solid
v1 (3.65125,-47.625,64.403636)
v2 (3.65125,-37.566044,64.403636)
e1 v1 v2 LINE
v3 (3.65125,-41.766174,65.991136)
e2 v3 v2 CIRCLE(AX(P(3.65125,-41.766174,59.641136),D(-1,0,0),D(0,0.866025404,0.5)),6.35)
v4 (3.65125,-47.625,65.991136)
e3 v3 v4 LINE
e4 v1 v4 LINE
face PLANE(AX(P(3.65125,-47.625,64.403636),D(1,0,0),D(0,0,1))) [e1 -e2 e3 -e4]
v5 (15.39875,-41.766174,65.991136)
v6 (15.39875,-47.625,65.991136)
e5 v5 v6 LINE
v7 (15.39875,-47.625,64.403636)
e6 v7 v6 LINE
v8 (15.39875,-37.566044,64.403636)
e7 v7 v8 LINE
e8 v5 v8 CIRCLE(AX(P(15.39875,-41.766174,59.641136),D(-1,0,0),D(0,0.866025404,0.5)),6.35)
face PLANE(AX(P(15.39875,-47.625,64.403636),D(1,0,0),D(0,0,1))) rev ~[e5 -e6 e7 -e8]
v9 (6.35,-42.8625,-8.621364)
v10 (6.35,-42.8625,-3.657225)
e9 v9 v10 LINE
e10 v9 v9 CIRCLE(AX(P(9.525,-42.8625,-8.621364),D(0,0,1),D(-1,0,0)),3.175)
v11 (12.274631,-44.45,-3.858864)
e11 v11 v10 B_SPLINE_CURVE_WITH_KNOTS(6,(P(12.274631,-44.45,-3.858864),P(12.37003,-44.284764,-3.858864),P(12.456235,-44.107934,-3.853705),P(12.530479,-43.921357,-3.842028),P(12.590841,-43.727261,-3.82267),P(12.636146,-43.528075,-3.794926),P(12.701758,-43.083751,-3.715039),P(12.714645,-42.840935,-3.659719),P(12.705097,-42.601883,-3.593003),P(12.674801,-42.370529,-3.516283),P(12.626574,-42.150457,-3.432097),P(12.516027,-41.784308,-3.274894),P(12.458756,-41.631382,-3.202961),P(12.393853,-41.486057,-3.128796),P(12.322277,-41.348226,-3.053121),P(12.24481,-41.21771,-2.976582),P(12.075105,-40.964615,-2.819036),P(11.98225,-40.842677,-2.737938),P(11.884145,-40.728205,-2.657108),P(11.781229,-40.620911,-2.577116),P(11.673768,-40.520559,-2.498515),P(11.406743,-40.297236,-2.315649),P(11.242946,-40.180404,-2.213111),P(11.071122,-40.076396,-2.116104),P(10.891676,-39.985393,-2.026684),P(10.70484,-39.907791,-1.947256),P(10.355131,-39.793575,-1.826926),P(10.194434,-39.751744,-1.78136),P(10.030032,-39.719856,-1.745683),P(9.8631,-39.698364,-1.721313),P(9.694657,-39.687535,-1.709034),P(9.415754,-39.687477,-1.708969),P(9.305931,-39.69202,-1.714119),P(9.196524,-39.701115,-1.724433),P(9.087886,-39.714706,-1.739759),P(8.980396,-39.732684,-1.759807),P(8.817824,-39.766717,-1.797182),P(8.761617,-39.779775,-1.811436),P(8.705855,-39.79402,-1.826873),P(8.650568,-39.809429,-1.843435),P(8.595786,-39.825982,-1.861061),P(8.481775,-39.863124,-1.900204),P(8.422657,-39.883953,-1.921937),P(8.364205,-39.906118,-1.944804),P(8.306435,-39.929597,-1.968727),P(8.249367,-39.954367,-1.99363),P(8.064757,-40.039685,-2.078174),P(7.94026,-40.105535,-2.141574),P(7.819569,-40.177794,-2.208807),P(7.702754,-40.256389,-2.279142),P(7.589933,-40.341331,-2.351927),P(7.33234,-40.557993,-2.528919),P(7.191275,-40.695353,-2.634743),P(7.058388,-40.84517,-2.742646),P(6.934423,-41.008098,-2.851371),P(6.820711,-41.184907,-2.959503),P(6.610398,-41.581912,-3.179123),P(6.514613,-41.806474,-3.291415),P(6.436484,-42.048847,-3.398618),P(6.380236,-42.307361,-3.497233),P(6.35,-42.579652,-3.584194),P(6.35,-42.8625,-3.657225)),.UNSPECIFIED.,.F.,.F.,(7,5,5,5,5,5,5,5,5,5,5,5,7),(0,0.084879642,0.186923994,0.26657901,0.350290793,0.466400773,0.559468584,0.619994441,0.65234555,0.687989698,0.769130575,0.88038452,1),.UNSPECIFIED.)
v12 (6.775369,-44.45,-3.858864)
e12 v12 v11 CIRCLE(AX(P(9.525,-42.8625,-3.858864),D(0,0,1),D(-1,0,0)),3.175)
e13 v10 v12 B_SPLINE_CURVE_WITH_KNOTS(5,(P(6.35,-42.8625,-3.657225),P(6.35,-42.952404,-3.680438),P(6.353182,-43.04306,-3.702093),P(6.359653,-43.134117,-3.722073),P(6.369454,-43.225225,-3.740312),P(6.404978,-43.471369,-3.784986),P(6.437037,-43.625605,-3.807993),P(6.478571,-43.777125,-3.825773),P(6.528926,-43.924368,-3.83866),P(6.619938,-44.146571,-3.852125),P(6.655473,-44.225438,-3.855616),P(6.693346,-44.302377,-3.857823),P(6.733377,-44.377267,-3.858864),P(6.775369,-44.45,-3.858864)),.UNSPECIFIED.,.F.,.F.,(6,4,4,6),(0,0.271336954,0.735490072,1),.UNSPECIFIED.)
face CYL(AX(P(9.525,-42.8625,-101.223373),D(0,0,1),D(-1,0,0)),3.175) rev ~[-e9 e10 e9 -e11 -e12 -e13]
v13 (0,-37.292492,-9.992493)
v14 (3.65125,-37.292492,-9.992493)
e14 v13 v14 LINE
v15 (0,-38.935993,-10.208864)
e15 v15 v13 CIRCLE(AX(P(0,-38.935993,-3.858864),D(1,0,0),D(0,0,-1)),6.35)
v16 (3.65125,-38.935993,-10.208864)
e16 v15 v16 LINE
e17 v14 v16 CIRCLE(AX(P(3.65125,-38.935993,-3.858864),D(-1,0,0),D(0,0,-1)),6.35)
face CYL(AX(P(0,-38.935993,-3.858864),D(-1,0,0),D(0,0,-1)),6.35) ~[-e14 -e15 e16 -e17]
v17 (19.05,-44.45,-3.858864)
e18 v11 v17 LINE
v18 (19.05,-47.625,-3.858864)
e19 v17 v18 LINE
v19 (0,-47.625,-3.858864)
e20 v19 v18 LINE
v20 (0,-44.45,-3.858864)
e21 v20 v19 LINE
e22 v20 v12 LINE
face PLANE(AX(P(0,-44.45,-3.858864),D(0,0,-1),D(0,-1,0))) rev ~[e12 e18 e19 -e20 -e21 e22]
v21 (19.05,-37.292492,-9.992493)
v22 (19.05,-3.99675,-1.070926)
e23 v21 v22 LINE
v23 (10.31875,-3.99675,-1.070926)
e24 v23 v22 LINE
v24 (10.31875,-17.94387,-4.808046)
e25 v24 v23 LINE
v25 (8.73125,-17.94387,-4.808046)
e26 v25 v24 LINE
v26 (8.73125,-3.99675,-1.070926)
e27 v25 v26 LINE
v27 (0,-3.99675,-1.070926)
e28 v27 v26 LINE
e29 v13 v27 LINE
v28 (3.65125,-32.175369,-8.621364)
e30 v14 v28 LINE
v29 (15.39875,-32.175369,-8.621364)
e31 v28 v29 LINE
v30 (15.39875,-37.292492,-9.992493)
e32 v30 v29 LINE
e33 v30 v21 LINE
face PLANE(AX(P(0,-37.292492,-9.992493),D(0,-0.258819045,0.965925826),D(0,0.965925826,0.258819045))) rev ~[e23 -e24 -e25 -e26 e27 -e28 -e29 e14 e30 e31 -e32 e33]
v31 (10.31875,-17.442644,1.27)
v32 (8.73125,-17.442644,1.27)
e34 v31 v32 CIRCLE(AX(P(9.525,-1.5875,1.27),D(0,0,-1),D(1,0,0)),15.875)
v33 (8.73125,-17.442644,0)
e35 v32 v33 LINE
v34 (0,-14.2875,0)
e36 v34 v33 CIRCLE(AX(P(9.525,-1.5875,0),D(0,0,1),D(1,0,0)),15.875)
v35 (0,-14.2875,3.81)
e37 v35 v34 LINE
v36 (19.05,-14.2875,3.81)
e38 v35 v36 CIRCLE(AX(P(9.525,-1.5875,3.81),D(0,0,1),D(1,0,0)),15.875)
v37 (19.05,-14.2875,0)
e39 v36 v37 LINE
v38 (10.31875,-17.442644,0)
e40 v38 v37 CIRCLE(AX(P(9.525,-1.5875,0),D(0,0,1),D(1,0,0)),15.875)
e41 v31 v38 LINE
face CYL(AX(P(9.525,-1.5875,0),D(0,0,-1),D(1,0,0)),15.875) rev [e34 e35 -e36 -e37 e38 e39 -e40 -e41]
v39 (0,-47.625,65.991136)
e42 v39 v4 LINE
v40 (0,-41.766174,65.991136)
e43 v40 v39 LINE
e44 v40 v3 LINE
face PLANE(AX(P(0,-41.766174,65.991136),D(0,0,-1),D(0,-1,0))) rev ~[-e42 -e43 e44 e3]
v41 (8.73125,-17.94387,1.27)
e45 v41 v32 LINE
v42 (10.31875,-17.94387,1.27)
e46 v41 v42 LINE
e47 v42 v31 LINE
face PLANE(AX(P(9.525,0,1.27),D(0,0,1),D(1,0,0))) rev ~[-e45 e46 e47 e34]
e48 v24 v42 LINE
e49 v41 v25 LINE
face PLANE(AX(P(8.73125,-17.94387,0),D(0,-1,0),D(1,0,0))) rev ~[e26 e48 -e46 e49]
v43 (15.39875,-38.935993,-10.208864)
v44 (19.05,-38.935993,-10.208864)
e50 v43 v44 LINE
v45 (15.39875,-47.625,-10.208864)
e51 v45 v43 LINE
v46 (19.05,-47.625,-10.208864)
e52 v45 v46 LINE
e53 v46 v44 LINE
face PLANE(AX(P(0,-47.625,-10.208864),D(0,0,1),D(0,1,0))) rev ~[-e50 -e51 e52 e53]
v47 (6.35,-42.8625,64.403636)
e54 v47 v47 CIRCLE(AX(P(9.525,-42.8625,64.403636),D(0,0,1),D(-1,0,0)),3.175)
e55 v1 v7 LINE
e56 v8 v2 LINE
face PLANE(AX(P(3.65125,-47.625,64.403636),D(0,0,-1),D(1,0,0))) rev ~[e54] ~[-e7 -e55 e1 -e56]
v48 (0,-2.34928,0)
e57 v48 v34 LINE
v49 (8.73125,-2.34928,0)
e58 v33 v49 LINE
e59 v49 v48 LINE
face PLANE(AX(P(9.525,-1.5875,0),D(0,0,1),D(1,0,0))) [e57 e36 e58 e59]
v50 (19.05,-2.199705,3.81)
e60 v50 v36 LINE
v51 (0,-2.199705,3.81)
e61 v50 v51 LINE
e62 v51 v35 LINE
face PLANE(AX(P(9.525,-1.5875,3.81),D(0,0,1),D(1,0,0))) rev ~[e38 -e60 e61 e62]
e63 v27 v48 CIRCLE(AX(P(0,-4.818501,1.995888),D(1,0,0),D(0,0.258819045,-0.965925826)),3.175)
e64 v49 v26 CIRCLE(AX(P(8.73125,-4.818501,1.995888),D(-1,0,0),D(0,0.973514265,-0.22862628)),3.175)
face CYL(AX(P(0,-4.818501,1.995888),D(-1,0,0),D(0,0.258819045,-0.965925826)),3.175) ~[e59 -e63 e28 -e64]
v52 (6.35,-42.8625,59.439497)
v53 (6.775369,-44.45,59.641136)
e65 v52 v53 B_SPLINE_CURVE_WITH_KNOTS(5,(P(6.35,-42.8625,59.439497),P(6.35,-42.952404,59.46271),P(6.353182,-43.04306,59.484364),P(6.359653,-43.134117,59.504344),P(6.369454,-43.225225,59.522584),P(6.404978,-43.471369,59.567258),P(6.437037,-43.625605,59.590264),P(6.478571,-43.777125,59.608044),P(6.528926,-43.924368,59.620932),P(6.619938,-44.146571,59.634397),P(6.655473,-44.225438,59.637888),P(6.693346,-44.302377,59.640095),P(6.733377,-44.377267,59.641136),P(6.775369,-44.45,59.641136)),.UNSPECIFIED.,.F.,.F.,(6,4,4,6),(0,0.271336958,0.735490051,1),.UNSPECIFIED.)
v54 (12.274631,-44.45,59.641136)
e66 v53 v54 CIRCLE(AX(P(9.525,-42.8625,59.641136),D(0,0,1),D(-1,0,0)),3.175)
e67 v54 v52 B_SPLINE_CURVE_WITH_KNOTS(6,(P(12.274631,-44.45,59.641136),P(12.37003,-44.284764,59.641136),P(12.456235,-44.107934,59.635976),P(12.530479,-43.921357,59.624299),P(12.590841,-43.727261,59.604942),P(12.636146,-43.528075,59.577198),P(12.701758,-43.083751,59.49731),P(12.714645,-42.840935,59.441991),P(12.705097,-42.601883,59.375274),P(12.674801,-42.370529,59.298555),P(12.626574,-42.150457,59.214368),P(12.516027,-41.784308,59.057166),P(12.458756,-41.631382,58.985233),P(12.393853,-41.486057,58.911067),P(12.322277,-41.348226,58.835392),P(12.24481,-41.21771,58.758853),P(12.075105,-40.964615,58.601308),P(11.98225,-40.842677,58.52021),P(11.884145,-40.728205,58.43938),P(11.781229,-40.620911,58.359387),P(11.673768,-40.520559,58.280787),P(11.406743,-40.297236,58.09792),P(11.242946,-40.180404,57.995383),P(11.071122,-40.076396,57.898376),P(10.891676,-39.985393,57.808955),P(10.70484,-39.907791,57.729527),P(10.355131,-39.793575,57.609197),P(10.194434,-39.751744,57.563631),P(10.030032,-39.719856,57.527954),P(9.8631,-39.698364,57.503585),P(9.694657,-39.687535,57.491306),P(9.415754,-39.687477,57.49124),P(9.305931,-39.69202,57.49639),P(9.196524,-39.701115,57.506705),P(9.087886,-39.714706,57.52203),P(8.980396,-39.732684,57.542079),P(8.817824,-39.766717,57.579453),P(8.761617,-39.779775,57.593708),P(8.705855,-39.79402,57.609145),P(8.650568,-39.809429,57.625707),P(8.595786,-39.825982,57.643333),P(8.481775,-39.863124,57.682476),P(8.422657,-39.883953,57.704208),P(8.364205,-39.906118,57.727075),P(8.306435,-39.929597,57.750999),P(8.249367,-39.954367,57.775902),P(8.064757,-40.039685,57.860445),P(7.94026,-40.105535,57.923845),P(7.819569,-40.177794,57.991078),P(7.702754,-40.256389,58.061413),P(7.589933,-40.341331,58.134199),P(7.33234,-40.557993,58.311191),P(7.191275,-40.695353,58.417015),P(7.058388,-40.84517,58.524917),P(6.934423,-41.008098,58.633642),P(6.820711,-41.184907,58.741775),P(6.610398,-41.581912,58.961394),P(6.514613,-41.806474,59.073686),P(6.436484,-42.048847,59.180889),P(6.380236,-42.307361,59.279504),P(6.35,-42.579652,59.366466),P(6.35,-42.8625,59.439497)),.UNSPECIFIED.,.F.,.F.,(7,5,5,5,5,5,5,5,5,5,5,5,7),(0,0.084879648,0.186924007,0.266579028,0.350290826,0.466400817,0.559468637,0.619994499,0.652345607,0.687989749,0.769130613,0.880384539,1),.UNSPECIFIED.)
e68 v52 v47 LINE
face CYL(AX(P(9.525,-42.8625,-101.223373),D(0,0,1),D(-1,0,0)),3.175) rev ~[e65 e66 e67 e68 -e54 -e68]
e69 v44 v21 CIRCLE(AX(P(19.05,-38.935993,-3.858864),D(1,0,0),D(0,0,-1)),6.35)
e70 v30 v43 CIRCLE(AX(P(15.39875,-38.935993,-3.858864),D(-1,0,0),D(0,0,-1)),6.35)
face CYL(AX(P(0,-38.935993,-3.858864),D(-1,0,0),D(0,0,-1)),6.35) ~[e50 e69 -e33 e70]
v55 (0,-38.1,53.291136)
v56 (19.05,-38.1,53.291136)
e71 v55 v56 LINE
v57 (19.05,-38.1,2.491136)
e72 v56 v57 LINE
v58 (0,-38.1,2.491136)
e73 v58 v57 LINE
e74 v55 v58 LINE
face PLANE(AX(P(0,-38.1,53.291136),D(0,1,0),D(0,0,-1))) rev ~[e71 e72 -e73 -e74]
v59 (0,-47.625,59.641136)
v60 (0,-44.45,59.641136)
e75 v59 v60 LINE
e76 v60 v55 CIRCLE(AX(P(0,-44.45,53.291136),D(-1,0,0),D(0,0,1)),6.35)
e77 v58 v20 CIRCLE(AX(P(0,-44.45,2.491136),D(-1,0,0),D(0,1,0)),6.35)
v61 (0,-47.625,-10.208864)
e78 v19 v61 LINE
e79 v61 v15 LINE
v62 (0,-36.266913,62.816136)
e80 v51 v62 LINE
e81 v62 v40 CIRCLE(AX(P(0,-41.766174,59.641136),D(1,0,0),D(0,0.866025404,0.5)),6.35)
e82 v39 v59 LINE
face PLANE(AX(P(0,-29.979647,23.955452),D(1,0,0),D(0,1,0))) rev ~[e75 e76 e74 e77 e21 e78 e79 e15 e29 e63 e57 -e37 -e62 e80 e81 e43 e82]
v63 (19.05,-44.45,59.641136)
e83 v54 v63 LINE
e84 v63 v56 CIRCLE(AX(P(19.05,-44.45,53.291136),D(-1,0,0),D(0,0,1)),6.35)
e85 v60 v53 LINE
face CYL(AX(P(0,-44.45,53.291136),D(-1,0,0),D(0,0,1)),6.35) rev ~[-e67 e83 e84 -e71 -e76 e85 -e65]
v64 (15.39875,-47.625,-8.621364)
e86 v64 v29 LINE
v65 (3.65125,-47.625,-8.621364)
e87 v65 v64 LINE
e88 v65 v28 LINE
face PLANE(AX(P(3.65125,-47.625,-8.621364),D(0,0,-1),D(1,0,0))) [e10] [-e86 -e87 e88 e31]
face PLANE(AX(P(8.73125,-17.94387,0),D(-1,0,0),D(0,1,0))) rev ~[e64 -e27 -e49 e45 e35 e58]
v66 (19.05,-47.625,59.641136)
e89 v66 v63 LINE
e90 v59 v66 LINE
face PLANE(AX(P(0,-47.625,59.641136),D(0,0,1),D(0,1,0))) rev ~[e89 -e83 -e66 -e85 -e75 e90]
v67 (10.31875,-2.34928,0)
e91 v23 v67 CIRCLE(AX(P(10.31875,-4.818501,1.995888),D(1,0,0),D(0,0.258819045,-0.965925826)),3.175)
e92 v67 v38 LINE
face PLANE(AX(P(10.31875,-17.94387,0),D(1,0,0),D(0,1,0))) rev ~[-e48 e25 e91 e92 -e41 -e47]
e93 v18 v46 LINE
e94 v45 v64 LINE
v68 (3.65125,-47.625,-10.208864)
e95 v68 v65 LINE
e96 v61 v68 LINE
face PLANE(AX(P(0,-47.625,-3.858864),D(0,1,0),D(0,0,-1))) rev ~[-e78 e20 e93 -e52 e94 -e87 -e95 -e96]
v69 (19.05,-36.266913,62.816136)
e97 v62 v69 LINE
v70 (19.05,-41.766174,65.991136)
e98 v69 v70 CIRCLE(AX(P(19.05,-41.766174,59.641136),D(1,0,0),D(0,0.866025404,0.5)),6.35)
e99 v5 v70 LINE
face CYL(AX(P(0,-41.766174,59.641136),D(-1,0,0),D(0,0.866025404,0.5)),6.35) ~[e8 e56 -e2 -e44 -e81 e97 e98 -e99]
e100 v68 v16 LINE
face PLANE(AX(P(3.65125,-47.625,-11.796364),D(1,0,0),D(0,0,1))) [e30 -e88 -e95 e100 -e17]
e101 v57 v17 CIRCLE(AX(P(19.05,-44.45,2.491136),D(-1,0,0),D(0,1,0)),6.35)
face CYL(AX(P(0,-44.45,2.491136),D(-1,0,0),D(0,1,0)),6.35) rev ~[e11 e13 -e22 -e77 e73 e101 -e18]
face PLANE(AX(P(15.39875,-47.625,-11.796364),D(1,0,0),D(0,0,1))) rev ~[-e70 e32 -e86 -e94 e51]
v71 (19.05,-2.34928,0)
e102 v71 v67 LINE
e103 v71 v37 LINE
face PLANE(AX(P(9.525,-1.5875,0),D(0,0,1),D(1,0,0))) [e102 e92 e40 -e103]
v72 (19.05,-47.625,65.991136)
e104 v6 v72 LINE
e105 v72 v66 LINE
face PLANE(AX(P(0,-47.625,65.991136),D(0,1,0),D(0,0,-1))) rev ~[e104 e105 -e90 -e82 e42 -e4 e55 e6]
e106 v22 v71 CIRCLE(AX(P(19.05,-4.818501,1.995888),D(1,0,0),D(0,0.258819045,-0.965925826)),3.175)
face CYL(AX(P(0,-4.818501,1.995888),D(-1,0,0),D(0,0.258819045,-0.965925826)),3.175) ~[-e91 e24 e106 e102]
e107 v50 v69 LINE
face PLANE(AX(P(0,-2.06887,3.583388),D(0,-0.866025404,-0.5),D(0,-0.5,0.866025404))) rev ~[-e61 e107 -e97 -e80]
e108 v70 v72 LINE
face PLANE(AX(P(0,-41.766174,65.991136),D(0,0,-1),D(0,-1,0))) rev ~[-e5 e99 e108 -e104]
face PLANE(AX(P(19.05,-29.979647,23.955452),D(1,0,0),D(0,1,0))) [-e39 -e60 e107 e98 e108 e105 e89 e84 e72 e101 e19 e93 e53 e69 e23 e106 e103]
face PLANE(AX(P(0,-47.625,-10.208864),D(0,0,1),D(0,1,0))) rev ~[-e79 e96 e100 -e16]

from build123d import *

# Parameters (mm, degrees)
F1_DEPTH      = 19.05
F3_D          = 6.35
F4_W          = 1.5875
F4_H          = 35.8877405588
F5_DEPTH      = 25.4
F5_DEPTH_BACK = 1.27
F6_R          = 15.875
F7_DEPTH      = 3.81
F8_W          = 11.7475
F8_H          = 3.175
F9_DEPTH      = 25.4
F10_W         = 11.7475
F10_H         = 3.175
F11_DEPTH     = 25.4


with BuildPart() as f1:
    # F0 (on Right) → F1 (new body)
    with BuildSketch(Plane.YZ):
        with BuildLine():
            ThreePointArc((-3.9967504682, -1.0709260603), (-1.8851834207, 0.7808685404), (-2.0688702794, 3.5833884382))
            Line((-2.0688702794, 3.5833884382), (-36.2669128953, 62.8161357684))
            ThreePointArc((-36.2669128953, 62.8161357684), (-38.5911742094, 65.1403970824), (-41.7661742094, 65.9911357684))
            Line((-41.7661742094, 65.9911357684), (-47.625, 65.9911357684))
            Line((-47.625, 65.9911357684), (-47.625, 59.6411357684))
            Line((-47.625, 59.6411357684), (-44.45, 59.6411357684))
            ThreePointArc((-44.45, 59.6411357684), (-39.9598719395, 57.7812638289), (-38.1, 53.2911357684))
            Line((-38.1, 53.2911357684), (-38.1, 2.4911357684))
            ThreePointArc((-38.1, 2.4911357684), (-39.9598719395, -1.9989922922), (-44.45, -3.8588642316))
            Line((-44.45, -3.8588642316), (-47.625, -3.8588642316))
            Line((-47.625, -3.8588642316), (-47.625, -10.2088642316))
            Line((-47.625, -10.2088642316), (-38.9359933597, -10.2088642316))
            ThreePointArc((-38.9359933597, -10.2088642316), (-38.1071520391, -10.1545391013), (-37.2924924233, -9.9924932286))
            Line((-37.2924924233, -9.9924932286), (-3.9967504682, -1.0709260603))
        make_face()
    extrude(amount=F1_DEPTH)

    # F3 (through all)
    with Locations(Plane(origin=(0, 0, -10.2088642316), x_dir=(1, 0, 0), z_dir=(0, 0, -1))):
        with Locations((9.525, 42.8625)):
            Hole(F3_D / 2)

    # F4 (on Top) → F5 (cut, two sides)
    with BuildSketch(Plane.XY) as f5_sk:
        with Locations((9.525, 0)):
            Rectangle(F4_W, F4_H)
    extrude(amount=-F5_DEPTH, mode=Mode.SUBTRACT)
    extrude(f5_sk.sketch, amount=F5_DEPTH_BACK, mode=Mode.SUBTRACT)

    # F6 (on Top) → F7 (cut)
    with BuildSketch(Plane.XY):
        with Locations((9.525, -1.5875)):
            Circle(F6_R)
    extrude(amount=F7_DEPTH, mode=Mode.SUBTRACT)

    # F8 (on face) → F9 (cut)
    with BuildSketch(Plane.XZ.offset(47.625)):
        with Locations((9.525, 65.9911357684)):
            Rectangle(F8_W, F8_H)
    extrude(amount=-F9_DEPTH, mode=Mode.SUBTRACT)

    # F10 (on face) → F11 (cut)
    with BuildSketch(Plane.XZ.offset(47.625)):
        with Locations((9.525, -10.2088642316)):
            Rectangle(F10_W, F10_H)
    extrude(amount=-F11_DEPTH, mode=Mode.SUBTRACT)


solid = f1.part
